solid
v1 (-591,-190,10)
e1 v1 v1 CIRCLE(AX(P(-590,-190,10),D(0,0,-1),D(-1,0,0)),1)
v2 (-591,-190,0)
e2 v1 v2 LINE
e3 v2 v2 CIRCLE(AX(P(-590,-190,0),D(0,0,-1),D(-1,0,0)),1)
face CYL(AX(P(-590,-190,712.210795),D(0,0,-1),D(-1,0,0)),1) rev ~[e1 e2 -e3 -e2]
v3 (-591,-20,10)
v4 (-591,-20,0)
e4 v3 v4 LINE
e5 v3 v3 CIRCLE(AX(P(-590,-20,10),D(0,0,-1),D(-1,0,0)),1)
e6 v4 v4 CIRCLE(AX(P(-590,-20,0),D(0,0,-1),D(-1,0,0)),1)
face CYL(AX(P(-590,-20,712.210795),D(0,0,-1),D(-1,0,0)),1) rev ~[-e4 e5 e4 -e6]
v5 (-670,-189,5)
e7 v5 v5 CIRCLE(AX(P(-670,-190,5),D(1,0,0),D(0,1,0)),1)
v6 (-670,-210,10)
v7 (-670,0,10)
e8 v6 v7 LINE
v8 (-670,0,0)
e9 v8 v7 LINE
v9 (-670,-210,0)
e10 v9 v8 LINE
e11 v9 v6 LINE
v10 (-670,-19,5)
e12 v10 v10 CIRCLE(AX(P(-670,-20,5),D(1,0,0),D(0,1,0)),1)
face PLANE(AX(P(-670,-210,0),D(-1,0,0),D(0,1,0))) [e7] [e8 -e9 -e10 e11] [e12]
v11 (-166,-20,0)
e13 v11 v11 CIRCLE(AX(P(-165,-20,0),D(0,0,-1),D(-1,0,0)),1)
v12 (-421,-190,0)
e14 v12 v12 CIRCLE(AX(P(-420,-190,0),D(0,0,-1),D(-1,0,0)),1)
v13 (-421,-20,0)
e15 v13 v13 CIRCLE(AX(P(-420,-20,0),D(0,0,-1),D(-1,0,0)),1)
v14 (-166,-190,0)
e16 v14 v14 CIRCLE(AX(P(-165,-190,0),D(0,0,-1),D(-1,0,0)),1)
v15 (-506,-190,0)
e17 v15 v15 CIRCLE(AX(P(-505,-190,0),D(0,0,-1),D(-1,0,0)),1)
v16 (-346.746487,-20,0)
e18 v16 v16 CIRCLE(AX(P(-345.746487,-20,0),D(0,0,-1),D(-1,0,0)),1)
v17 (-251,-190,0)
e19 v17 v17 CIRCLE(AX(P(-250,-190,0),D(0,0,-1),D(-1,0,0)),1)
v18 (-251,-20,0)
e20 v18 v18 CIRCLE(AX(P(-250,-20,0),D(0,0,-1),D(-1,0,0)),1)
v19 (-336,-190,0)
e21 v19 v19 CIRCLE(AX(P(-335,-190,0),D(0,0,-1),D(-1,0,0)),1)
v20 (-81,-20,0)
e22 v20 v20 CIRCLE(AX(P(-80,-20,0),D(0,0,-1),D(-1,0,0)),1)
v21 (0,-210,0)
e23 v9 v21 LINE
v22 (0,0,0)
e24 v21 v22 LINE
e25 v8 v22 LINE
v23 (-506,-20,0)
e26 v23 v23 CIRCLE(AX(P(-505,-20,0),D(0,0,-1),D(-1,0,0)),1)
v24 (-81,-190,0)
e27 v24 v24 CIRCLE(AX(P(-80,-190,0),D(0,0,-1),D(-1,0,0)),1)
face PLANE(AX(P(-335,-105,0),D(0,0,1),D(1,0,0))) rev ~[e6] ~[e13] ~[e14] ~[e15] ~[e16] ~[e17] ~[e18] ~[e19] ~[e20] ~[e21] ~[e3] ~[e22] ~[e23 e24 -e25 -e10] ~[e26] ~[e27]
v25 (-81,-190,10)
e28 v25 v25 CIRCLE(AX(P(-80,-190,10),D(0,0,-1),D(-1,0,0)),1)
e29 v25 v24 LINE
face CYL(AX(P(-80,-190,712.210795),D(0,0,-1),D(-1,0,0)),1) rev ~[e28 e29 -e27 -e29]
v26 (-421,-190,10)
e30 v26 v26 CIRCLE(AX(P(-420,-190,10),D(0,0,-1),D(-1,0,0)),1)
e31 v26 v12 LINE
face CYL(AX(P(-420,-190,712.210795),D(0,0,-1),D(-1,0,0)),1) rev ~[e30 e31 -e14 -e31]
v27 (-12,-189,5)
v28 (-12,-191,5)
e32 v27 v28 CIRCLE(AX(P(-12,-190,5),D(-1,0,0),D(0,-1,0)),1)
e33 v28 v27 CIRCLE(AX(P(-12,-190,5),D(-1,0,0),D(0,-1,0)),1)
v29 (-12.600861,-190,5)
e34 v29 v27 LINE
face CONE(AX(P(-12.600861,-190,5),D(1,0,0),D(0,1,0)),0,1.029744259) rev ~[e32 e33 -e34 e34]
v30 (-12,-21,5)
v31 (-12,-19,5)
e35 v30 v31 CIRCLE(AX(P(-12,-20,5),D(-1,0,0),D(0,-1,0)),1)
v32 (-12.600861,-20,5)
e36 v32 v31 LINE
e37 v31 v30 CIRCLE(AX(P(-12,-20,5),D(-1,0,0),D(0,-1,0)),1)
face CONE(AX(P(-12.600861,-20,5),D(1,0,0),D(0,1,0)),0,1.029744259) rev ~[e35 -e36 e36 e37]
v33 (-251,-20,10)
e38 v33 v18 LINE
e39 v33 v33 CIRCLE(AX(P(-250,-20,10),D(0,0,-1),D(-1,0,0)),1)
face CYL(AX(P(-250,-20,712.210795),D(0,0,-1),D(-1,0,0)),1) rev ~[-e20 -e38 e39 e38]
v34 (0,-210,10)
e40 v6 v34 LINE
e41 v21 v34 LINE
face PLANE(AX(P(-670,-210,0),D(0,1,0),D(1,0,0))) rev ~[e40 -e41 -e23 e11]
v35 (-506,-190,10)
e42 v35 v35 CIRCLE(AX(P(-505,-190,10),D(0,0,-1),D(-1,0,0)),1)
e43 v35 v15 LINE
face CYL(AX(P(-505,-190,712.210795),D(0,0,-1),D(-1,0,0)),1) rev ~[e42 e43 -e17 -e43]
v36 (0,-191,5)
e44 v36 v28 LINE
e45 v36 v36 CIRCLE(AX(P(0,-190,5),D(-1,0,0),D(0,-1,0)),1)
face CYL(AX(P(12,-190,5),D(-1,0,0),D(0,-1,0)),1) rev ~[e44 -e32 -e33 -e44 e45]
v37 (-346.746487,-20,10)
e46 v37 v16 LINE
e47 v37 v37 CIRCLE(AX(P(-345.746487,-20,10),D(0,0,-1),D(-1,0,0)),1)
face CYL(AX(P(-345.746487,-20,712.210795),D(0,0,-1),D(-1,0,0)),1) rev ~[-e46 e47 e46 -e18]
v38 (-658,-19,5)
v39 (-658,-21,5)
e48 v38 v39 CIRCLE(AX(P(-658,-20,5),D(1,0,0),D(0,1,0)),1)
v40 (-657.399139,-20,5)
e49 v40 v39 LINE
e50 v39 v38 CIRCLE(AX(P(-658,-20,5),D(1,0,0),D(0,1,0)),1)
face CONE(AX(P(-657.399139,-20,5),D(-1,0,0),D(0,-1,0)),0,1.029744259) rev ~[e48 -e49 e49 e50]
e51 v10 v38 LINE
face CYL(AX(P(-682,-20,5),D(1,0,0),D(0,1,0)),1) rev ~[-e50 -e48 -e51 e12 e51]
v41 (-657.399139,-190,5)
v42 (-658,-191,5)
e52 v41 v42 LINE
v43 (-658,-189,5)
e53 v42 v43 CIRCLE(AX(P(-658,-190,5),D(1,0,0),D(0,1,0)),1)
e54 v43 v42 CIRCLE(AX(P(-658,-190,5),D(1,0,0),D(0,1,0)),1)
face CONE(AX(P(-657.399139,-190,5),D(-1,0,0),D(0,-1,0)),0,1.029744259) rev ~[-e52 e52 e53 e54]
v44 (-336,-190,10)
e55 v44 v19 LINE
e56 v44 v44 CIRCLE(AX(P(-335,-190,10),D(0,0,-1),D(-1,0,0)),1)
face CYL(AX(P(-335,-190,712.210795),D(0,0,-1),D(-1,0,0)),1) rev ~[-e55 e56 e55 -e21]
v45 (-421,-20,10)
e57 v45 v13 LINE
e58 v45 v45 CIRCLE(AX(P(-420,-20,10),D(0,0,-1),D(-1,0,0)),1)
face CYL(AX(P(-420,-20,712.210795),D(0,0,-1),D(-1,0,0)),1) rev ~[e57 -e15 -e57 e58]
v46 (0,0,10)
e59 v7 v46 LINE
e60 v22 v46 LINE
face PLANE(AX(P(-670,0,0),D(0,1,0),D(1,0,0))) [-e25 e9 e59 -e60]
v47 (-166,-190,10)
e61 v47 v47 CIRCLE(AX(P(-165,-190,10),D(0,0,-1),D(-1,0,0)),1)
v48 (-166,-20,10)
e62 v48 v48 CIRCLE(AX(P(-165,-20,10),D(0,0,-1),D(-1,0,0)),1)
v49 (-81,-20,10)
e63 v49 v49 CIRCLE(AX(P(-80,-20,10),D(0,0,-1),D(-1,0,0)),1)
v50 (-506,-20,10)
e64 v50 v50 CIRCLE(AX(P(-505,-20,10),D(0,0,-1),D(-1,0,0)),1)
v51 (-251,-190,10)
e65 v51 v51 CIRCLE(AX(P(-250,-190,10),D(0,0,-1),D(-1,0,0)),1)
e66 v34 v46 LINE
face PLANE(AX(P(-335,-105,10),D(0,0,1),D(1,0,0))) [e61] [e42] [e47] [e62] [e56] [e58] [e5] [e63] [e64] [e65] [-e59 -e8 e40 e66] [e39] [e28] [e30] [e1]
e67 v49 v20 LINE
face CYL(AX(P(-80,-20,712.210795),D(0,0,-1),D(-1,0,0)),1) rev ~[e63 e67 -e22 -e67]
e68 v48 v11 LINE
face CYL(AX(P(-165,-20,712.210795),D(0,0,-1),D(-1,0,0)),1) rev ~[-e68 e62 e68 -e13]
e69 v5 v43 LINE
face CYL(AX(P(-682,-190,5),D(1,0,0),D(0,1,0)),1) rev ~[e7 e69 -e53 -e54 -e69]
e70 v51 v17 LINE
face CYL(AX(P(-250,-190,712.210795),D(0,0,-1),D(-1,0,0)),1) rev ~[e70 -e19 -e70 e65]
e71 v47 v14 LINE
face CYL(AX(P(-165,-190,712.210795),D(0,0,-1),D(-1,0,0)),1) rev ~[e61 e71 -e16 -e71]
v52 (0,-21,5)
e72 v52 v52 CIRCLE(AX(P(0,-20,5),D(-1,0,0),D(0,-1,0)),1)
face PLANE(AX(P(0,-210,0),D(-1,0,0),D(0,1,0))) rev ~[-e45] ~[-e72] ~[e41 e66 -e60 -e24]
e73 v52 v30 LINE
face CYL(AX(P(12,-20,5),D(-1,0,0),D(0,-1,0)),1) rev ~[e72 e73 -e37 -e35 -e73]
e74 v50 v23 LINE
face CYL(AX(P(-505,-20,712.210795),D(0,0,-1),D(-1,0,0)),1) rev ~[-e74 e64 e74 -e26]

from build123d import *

# Parameters (mm, degrees)
F0_W     = 670
F0_H     = 210
F1_DEPTH = 10
F3_D     = 2
F5_D     = 2
F5_DEPTH = 12
F5_TIP   = 0.600860619
F7_D     = 2
F7_DEPTH = 12
F7_TIP   = 0.600860619


with BuildPart() as f1:
    # F0 (on Top) → F1 (new body)
    with BuildSketch(Plane.XY):
        with Locations((-335, -105)):
            Rectangle(F0_W, F0_H)
    extrude(amount=F1_DEPTH)

    # F3 (through all)
    with Locations(Plane.XY.offset(10)):
        with Locations((-590, -190), (-505, -190), (-420, -190), (-335, -190), (-250, -190), (-165, -190), (-80, -190), (-80, -20), (-165, -20), (-250, -20), (-345.7464873791, -20), (-420, -20), (-505, -20), (-590, -20)):
            Hole(F3_D / 2)

    # F5
    with Locations(Plane.YZ):
        with Locations((-190, 5), (-20, 5)):
            Hole(F5_D / 2, depth=F5_DEPTH)
            with Locations((0, 0, -(F5_DEPTH + F5_TIP / 2))):  # 118° drill point
                Cone(0, F5_D / 2, F5_TIP, mode=Mode.SUBTRACT)

    # F7
    with Locations(Plane(origin=(-670, 0, 0), x_dir=(0, -1, 0), z_dir=(-1, 0, 0))):
        with Locations((20, 5), (190, 5)):
            Hole(F7_D / 2, depth=F7_DEPTH)
            with Locations((0, 0, -(F7_DEPTH + F7_TIP / 2))):  # 118° drill point
                Cone(0, F7_D / 2, F7_TIP, mode=Mode.SUBTRACT)


solid = f1.part
